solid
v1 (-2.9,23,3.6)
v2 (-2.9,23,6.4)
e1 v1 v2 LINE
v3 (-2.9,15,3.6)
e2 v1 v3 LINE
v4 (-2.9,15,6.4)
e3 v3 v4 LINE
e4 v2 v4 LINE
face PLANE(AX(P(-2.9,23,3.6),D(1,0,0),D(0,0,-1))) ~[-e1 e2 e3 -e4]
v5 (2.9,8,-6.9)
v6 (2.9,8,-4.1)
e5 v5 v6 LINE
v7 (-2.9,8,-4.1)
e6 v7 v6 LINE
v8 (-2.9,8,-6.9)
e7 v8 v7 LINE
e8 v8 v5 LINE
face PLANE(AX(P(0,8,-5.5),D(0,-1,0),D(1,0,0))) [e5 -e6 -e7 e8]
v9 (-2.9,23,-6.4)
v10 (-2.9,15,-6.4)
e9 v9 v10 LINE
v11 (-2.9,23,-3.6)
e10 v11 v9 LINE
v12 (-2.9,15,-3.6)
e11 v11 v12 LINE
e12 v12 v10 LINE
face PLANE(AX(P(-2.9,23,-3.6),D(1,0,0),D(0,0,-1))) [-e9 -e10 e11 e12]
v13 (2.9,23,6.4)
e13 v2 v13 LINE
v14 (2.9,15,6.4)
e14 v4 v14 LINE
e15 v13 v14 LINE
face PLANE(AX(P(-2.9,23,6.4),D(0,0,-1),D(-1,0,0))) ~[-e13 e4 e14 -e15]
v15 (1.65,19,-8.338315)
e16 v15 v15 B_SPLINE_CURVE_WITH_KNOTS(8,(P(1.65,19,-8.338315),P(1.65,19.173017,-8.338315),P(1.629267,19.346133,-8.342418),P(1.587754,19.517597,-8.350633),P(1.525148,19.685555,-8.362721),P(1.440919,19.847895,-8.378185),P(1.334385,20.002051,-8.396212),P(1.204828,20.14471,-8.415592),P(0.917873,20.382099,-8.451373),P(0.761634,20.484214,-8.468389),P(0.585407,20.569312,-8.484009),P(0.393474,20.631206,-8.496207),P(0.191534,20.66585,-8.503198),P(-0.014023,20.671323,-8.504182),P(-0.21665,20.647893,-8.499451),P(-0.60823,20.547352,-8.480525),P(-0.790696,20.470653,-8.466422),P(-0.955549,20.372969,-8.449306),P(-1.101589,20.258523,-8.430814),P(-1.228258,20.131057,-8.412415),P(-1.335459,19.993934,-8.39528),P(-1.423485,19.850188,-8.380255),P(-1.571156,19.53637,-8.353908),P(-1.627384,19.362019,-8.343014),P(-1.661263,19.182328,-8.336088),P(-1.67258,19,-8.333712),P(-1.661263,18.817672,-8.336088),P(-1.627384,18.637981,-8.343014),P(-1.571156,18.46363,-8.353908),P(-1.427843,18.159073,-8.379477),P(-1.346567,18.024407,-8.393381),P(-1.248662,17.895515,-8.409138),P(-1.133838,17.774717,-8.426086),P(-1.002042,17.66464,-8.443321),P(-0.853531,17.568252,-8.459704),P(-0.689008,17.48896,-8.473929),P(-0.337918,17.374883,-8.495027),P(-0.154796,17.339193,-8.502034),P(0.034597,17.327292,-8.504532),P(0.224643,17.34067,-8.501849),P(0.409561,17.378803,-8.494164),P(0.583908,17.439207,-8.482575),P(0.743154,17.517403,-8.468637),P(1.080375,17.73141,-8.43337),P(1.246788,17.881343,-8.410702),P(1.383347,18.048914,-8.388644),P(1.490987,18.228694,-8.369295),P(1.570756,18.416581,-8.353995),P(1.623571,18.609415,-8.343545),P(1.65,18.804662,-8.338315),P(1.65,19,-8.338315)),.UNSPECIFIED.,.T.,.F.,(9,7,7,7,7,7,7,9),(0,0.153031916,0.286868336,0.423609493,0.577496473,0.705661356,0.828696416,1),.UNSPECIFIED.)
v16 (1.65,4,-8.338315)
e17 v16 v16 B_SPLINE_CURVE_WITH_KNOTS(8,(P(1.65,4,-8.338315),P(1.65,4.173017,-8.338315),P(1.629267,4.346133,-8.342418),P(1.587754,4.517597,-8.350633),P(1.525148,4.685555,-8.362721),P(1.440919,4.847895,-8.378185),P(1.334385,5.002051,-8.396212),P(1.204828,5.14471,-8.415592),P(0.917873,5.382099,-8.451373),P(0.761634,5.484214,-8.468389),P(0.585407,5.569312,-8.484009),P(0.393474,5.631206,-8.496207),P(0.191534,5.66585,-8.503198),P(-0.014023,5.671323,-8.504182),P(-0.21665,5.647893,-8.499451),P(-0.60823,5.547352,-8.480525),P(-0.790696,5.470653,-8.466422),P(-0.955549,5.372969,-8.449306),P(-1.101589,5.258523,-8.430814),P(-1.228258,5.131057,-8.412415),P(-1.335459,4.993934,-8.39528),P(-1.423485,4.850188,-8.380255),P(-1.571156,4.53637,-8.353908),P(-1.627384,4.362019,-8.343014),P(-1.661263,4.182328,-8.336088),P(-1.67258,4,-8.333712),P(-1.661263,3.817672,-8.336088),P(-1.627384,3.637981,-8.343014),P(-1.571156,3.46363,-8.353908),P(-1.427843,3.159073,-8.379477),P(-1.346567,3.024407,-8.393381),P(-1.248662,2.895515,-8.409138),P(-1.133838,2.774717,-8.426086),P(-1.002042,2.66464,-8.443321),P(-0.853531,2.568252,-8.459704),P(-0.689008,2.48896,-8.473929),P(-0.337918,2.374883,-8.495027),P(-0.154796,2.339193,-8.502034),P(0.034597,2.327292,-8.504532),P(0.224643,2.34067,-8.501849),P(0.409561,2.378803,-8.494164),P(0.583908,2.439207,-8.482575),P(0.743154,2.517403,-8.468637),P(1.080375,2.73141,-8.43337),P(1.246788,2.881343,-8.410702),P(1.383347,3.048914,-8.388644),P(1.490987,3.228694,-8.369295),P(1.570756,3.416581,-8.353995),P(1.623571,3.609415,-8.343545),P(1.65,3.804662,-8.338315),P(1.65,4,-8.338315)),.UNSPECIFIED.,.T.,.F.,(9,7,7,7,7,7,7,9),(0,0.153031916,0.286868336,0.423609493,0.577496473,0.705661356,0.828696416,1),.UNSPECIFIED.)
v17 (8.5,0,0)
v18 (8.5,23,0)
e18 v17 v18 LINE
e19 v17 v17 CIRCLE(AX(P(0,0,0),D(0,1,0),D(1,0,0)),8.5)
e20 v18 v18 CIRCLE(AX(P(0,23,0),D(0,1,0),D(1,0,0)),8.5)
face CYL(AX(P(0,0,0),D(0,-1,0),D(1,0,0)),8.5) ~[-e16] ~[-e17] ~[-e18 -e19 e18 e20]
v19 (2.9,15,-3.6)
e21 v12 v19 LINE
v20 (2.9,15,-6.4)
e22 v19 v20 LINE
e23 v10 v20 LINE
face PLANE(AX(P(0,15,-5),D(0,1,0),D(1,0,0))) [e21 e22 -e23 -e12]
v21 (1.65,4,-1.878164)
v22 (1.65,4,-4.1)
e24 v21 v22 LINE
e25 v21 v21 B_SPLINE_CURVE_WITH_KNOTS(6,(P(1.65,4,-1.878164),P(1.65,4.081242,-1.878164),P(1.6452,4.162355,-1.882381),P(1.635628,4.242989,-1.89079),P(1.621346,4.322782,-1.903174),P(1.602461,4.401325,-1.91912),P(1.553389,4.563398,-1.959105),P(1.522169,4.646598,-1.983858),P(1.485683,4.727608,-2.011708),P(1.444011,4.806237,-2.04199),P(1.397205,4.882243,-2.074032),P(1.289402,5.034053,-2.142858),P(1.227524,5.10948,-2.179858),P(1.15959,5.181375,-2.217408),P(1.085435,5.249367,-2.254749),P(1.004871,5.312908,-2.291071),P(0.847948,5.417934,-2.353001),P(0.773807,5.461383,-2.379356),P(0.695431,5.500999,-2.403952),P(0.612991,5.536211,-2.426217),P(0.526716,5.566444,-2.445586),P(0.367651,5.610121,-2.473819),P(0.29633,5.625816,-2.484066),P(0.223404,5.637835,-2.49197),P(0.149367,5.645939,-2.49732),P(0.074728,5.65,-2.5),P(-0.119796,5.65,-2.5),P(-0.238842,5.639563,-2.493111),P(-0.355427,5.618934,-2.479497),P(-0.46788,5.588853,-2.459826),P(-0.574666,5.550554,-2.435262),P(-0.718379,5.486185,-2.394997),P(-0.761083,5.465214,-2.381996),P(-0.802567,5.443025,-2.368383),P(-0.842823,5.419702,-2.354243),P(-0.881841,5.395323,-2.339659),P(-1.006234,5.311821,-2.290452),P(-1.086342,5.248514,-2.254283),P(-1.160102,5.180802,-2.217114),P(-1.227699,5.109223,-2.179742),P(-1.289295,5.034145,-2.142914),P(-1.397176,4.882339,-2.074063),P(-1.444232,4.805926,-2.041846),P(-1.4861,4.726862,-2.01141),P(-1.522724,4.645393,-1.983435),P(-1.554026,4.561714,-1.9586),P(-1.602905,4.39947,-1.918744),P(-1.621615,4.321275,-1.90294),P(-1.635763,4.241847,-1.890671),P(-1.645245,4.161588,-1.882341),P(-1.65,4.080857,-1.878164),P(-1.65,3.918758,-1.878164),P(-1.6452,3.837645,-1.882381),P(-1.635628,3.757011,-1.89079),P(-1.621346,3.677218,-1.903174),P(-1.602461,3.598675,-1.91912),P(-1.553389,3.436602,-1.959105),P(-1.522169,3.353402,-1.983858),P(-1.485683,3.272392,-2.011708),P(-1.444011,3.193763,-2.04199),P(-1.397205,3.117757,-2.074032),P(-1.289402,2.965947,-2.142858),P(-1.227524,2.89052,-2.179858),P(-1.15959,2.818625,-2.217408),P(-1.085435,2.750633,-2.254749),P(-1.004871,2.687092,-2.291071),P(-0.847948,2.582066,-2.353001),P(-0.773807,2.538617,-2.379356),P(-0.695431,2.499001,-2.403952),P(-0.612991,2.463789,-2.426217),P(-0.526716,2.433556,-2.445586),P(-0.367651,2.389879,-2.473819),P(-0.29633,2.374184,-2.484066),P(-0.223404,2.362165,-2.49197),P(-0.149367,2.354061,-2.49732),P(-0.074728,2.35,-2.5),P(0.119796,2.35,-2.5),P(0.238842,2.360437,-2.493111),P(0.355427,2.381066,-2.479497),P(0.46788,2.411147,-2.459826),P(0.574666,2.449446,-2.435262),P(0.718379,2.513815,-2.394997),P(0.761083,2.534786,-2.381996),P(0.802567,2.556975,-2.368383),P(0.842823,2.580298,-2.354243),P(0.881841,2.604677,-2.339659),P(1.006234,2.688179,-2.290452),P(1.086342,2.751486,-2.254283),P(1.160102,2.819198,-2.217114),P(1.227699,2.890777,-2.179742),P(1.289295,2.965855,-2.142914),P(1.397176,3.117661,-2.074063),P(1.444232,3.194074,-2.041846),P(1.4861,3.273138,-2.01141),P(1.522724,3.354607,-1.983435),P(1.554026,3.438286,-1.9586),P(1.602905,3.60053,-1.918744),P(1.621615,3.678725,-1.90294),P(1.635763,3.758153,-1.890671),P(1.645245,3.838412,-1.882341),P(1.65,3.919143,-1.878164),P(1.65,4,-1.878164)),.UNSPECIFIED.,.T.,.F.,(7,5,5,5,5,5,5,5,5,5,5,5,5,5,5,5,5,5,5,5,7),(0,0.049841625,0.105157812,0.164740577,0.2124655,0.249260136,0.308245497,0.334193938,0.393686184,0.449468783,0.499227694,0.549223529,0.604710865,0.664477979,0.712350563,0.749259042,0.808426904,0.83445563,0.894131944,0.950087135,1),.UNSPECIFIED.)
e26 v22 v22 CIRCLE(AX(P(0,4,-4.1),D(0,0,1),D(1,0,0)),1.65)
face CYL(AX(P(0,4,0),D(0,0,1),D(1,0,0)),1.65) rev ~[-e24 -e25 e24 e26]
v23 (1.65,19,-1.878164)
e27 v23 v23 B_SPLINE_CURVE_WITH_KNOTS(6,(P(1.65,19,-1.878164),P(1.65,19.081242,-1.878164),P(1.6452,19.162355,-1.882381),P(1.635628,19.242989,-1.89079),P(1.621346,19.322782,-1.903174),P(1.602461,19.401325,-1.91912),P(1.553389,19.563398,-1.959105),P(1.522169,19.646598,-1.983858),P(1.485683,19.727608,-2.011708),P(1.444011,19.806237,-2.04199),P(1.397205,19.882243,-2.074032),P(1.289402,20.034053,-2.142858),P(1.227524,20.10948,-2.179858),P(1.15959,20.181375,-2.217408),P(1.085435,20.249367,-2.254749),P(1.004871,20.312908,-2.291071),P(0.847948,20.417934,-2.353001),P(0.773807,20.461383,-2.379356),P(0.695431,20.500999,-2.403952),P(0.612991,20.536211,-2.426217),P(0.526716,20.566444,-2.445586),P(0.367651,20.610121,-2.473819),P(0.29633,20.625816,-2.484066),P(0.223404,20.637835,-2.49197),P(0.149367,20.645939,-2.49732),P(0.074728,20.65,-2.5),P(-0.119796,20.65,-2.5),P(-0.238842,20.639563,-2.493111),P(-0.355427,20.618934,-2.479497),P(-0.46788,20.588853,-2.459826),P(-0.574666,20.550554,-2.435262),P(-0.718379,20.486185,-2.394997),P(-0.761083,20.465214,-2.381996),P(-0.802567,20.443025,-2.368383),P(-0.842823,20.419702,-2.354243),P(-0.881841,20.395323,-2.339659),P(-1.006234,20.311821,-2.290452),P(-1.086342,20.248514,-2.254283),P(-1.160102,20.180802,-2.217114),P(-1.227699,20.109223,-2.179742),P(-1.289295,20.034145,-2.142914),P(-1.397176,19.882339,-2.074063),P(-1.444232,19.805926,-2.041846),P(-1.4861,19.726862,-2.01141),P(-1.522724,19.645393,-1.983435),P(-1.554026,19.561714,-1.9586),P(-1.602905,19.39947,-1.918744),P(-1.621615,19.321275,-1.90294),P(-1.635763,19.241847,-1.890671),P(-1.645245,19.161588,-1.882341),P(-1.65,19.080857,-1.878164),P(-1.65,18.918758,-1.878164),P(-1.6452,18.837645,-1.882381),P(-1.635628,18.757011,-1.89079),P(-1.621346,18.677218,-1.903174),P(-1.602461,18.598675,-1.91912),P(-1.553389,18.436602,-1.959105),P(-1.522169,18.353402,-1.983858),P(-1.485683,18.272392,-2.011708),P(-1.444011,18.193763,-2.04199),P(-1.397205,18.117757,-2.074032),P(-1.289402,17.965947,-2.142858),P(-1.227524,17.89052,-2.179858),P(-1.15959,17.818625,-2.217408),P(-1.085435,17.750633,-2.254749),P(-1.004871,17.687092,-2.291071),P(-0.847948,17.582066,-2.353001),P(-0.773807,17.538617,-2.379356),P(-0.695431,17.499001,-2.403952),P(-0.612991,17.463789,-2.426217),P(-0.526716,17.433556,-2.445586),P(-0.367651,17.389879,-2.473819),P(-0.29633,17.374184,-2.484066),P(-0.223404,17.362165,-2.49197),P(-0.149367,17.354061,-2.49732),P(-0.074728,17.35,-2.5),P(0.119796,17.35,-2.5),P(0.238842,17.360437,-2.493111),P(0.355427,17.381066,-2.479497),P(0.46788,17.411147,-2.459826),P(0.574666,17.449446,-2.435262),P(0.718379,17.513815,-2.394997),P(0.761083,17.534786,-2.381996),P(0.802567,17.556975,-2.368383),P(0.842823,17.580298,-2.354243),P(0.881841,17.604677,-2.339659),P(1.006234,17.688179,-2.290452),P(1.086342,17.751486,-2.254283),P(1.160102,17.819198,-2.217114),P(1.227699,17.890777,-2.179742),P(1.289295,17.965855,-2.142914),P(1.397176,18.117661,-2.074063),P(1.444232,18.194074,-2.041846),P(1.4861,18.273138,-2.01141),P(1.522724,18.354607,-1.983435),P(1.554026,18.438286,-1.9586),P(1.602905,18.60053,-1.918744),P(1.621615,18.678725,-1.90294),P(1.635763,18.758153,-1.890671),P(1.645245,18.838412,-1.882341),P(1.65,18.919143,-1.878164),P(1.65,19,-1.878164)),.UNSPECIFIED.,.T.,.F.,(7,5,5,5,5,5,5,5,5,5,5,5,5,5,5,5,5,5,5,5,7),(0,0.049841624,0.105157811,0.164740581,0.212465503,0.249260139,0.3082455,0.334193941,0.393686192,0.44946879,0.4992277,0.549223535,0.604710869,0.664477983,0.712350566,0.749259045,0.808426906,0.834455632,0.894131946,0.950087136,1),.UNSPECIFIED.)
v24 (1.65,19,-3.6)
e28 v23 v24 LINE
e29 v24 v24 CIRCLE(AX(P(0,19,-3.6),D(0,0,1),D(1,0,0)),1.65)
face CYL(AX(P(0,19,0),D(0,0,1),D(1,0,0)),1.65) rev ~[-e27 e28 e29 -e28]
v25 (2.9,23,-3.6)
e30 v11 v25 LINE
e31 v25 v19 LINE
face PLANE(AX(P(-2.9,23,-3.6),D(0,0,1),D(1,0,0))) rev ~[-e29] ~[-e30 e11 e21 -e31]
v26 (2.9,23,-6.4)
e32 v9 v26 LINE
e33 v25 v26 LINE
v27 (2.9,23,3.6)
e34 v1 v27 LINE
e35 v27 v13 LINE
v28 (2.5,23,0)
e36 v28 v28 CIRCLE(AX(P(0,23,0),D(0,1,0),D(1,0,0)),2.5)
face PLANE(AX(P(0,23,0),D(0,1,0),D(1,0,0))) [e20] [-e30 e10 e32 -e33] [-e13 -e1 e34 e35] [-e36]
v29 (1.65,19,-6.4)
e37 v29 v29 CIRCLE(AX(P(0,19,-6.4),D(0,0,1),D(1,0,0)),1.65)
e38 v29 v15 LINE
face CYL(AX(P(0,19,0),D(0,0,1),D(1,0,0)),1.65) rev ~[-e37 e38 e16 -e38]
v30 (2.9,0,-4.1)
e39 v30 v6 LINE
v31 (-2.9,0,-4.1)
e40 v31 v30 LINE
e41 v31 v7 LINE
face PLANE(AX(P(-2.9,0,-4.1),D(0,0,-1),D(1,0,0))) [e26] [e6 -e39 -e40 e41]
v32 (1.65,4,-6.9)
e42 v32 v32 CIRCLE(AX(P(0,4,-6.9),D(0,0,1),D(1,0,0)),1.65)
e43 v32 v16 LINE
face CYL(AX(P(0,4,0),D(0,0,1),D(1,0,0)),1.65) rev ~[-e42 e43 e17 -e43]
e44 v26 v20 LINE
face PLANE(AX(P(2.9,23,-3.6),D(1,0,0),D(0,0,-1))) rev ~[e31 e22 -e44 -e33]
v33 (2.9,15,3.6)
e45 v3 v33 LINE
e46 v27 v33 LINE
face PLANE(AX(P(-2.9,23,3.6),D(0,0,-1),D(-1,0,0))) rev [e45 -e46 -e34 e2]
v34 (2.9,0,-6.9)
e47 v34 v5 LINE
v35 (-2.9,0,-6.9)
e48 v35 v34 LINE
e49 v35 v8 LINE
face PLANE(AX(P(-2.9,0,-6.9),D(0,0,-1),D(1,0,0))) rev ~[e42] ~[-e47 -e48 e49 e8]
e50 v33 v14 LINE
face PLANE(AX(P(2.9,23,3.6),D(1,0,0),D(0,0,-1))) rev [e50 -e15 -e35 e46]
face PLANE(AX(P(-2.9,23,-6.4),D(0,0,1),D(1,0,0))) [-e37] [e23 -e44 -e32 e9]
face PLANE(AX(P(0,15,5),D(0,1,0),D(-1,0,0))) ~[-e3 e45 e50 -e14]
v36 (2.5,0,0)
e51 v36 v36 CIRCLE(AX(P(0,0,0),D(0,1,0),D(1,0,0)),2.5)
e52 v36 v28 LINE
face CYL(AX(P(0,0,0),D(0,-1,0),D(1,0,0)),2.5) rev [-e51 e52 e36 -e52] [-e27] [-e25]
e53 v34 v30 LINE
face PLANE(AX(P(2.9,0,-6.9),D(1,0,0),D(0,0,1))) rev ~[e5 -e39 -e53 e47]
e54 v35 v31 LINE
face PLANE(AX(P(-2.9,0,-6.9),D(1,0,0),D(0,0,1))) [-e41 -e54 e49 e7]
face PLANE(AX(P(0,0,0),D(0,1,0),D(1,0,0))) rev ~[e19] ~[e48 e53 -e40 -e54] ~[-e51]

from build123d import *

# Parameters (mm, degrees)
SKETCH1_R           = 8.5
SKETCH1_R_2         = 2.5
BOSS_EXTRUDE1_DEPTH = 23
SKETCH3_W           = 5.8
SKETCH3_H           = 2.8
CUT_EXTRUDE2_DEPTH  = 8
SKETCH7_W           = 5.8
SKETCH7_H           = 2.8
CUT_EXTRUDE5_DEPTH  = 8
SKETCH4_R           = 1.65
CUT_EXTRUDE3_DEPTH  = 9.5


with BuildPart() as part:
    # Sketch1 → Boss-Extrude1 (new body)
    with BuildSketch(Plane(origin=(0, 0, 0), x_dir=(1, 0, 0), z_dir=(0, 1, 0))):
        Circle(SKETCH1_R)
        Circle(SKETCH1_R_2, mode=Mode.SUBTRACT)
    extrude(amount=BOSS_EXTRUDE1_DEPTH)

    # Sketch3 → Cut-Extrude2 (cut)
    with BuildSketch(Plane(origin=(0, 23, 0), x_dir=(1, 0, 0), z_dir=(0, 1, 0))):
        with Locations((0, 5)):
            Rectangle(SKETCH3_W, SKETCH3_H)
    cut_extrude2 = extrude(amount=-CUT_EXTRUDE2_DEPTH, mode=Mode.SUBTRACT)

    # Sketch7 → Cut-Extrude5 (cut)
    with BuildSketch(Plane.XZ):
        with Locations((0, -5.5)):
            Rectangle(SKETCH7_W, SKETCH7_H)
    extrude(amount=-CUT_EXTRUDE5_DEPTH, mode=Mode.SUBTRACT)

    # Sketch4 → Cut-Extrude3 (cut, through all)
    with BuildSketch(Plane.XY):
        with Locations((0, 19)):
            Circle(SKETCH4_R)
        with Locations((0, 4)):
            Circle(SKETCH4_R)
    extrude(amount=-CUT_EXTRUDE3_DEPTH, mode=Mode.SUBTRACT)

    # Mirror1: Cut-Extrude2 across plane
    add(cut_extrude2.mirror(Plane.XY), mode=Mode.SUBTRACT)


solid = part.part
